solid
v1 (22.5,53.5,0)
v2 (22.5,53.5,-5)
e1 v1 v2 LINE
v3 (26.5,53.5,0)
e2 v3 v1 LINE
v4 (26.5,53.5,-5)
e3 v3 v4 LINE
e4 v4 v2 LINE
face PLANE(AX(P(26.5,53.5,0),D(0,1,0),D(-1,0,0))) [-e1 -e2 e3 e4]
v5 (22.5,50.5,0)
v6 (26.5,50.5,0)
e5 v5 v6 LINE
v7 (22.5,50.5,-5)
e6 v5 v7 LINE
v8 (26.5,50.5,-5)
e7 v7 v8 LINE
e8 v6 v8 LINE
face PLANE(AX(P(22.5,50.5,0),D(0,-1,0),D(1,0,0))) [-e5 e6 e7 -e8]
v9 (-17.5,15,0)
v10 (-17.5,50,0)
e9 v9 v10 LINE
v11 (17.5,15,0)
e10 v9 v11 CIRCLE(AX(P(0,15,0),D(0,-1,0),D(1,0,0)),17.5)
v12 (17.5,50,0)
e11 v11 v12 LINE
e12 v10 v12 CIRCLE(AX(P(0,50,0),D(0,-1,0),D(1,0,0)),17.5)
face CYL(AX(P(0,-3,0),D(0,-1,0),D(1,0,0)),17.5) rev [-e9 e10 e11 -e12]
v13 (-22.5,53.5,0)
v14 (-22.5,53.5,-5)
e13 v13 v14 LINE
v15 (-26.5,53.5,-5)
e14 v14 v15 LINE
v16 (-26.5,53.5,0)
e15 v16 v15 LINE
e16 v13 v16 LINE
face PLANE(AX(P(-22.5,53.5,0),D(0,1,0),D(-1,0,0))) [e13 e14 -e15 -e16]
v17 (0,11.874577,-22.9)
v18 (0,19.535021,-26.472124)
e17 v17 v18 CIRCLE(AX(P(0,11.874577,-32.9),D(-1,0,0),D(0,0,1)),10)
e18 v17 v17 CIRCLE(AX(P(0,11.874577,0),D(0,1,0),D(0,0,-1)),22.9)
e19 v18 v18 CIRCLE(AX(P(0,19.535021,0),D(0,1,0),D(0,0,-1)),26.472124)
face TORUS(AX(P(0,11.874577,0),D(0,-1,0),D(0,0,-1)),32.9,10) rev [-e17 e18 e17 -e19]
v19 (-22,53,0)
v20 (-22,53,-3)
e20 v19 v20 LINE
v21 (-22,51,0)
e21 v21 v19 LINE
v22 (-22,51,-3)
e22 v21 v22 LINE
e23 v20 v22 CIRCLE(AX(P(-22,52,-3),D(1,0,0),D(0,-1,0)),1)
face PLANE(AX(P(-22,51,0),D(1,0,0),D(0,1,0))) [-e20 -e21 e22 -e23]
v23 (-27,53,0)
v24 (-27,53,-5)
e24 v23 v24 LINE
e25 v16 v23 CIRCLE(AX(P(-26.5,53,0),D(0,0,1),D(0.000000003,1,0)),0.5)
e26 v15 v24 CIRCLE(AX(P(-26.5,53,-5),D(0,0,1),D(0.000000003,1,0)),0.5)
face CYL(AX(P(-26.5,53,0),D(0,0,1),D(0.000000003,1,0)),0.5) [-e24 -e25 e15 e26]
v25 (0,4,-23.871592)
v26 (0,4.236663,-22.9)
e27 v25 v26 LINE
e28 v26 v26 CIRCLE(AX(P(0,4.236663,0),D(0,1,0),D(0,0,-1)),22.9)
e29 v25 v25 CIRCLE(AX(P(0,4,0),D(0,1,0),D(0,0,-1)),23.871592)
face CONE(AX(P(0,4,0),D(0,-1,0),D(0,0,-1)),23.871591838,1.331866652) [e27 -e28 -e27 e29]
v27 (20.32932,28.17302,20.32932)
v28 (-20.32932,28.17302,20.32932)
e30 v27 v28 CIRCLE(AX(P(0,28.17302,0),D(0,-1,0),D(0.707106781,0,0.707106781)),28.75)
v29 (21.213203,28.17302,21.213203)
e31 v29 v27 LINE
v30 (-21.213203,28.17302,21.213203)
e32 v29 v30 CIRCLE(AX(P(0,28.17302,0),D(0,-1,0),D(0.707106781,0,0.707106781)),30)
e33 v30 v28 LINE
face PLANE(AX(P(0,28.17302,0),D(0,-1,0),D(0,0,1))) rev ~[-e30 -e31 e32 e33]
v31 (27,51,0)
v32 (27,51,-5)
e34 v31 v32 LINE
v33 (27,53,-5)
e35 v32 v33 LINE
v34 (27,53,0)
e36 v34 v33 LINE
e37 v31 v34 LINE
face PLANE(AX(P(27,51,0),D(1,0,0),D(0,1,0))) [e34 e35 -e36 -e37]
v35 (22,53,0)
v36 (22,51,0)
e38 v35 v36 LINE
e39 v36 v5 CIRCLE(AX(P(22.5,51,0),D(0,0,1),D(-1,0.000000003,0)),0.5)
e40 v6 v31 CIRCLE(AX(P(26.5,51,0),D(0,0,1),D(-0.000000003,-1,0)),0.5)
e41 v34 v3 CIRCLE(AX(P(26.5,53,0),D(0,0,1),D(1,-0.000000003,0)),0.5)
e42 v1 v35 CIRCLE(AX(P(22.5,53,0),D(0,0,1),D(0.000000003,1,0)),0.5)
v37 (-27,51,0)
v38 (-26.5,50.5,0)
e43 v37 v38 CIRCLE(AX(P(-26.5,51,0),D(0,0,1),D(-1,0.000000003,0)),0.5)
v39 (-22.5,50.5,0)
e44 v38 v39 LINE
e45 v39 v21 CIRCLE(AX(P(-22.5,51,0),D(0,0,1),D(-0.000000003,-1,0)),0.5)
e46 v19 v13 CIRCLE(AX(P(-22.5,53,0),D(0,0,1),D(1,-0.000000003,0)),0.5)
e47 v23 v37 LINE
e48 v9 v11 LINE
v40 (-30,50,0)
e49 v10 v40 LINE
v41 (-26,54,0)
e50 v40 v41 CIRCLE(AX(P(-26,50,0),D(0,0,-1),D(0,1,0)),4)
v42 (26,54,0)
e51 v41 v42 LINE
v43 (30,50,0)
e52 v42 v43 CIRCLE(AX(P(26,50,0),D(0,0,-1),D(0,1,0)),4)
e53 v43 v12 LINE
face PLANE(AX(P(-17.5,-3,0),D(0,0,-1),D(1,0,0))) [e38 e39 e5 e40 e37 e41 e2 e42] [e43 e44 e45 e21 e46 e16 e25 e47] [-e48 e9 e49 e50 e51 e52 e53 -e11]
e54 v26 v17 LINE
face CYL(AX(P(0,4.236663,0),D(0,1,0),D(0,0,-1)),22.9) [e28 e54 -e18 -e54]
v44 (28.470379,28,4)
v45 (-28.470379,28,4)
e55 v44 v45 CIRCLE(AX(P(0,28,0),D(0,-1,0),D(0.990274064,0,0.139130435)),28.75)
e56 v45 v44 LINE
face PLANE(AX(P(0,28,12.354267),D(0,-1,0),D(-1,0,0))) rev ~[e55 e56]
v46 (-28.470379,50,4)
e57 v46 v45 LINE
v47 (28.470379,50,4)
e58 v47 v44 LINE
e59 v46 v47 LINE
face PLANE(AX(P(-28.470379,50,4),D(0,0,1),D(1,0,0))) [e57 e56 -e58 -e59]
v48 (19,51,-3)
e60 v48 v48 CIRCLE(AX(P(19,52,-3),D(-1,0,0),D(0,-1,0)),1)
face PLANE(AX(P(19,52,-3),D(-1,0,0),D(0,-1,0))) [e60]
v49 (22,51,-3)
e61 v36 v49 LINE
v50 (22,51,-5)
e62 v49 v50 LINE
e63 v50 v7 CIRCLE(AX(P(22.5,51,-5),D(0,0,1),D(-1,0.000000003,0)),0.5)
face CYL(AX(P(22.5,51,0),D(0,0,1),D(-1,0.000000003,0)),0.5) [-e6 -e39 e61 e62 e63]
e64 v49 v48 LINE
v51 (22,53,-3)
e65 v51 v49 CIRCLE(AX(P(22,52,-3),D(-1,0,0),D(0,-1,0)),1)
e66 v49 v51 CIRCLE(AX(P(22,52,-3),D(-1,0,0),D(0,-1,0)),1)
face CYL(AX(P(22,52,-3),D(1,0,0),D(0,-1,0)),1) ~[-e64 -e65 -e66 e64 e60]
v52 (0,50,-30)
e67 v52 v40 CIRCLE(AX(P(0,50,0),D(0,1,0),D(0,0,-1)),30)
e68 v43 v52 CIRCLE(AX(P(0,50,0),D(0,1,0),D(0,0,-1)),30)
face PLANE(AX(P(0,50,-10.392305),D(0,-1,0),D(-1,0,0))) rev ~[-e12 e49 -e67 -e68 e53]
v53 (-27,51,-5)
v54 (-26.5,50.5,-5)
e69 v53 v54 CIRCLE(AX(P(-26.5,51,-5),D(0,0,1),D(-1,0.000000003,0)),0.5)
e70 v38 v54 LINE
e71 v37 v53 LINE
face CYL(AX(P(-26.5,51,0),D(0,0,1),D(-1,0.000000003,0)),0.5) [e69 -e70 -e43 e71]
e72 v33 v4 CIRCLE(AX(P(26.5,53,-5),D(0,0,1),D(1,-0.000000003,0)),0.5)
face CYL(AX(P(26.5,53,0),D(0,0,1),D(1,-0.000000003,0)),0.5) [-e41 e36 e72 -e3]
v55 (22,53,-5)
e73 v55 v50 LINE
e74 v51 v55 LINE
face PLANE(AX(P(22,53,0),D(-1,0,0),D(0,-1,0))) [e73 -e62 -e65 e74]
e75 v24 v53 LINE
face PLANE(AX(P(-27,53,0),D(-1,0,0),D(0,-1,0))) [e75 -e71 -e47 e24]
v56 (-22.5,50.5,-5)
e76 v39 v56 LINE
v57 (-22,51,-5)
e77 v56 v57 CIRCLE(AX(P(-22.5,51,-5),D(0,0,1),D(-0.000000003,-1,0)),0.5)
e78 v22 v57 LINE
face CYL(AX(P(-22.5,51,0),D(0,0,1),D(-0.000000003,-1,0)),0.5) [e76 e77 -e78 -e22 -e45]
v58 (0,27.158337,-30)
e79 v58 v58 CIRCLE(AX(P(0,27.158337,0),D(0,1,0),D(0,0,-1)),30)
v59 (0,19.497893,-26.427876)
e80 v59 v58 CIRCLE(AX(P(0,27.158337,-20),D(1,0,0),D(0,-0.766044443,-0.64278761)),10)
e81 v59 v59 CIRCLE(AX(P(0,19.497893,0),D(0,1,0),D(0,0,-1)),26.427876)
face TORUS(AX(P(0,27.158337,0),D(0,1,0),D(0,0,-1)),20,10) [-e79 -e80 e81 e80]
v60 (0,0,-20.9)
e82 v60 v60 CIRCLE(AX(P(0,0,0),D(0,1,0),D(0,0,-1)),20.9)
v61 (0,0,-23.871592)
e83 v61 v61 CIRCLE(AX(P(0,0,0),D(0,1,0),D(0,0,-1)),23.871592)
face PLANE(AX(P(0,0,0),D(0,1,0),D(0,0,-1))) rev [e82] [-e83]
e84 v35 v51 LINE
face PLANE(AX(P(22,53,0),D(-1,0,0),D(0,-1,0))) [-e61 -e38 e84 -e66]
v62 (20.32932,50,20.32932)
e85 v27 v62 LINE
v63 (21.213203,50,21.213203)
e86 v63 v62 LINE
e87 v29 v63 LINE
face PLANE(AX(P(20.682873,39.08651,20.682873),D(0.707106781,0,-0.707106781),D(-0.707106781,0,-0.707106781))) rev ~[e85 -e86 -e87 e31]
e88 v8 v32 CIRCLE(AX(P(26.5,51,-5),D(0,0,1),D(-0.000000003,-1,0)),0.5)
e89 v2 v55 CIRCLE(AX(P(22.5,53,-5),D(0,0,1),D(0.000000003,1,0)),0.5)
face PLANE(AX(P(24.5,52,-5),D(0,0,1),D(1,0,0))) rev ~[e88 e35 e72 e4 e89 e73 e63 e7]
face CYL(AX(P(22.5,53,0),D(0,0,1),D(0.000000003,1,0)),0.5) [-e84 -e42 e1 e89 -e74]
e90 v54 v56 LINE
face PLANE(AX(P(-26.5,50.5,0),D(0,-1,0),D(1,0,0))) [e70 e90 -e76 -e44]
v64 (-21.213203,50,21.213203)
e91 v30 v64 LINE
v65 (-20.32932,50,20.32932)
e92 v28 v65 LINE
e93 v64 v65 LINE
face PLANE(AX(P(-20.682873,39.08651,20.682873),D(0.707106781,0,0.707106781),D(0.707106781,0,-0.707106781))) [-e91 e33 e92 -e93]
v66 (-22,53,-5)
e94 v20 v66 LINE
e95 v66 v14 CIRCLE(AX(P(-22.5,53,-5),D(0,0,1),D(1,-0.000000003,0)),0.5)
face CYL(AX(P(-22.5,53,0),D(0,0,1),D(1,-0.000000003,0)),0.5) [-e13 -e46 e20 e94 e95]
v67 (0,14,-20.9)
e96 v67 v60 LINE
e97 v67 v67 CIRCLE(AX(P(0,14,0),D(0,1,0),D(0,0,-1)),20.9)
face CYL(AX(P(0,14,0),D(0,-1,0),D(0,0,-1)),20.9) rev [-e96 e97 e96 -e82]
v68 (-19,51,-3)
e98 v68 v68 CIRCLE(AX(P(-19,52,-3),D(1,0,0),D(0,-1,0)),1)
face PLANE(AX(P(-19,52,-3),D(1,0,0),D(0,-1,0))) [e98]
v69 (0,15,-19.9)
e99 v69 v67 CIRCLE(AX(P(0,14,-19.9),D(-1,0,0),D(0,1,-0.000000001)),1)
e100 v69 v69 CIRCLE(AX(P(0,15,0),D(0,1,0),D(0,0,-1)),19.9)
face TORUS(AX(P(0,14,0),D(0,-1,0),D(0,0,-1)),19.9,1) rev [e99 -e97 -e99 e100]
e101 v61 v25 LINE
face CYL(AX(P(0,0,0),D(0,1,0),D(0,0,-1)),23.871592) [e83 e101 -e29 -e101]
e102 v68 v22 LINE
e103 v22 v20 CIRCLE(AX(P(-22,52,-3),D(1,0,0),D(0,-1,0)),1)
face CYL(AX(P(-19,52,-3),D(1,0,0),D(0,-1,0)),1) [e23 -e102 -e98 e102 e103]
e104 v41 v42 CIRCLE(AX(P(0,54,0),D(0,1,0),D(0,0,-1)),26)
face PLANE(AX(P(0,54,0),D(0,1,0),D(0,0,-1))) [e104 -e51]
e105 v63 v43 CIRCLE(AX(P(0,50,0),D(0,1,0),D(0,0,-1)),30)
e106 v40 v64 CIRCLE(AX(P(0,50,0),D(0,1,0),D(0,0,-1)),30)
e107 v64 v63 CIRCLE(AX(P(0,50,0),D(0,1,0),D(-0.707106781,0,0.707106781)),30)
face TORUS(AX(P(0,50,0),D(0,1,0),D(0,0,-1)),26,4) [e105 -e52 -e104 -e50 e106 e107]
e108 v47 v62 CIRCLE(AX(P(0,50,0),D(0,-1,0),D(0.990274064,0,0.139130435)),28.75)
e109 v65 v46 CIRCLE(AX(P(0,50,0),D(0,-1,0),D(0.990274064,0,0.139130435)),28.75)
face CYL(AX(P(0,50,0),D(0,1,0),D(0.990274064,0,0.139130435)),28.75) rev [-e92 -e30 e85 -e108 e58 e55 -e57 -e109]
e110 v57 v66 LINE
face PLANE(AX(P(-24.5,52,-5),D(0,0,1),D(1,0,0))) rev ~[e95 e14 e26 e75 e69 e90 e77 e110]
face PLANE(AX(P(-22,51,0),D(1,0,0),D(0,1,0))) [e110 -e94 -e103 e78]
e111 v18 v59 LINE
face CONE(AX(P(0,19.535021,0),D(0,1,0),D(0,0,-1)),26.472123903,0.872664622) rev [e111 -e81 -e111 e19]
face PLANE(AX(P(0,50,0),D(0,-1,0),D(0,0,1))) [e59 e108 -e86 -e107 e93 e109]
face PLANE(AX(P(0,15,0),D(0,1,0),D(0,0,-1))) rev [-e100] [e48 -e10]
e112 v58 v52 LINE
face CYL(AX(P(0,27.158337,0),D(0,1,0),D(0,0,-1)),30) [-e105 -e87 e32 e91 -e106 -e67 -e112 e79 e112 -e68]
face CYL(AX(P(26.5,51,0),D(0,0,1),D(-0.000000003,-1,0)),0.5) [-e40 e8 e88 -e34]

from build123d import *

# Parameters (mm, degrees)
CUT_EXTRUDE3_DEPTH           = 45
CUT_EXTRUDE3_DEPTH_BACK      = 20
CUT_EXTRUDE5_START           = -5
CUT_EXTRUDE5_DEPTH           = 5
BOSS_EXTRUDE2_DEPTH          = 5
SKETCH14_R                   = 1
BOSS_EXTRUDE3_DEPTH          = 3
BOSS_EXTRUDE4_START          = 3
SKETCH15_R                   = 1
BOSS_EXTRUDE4_DEPTH          = 3
CUT_EXTRUDE6_DEPTH           = 22
SKETCH18_W                   = 1.5
SKETCH18_H                   = 21.826980301
CUT_REVOLVE1_ANGLE           = 45
CUT_REVOLVE1_OTHER_WAY_ANGLE = 45


with BuildPart() as part:
    # Sketch1 → Revolve1 (revolve)
    with BuildSketch(Plane.XY, mode=Mode.PRIVATE) as revolve1_sk:
        with BuildLine():
            Line((20.9, 0), (23.871591838, 0))
            Line((23.871591838, 0), (23.871591838, 4))
            Line((23.871591838, 4), (22.9, 4.236662843))
            Line((22.9, 4.236662843), (22.9, 11.874576818))
            ThreePointArc((22.9, 11.874576818), (23.83692213, 16.100759435), (26.472123903, 19.535021249))
            Line((26.472123903, 19.535021249), (26.427876097, 19.497892931))
            ThreePointArc((26.427876097, 19.497892931), (29.06307787, 22.932154745), (30, 27.158337362))
            Line((30, 27.158337362), (30, 50))
            ThreePointArc((30, 50), (28.828427125, 52.828427125), (26, 54))
            Line((26, 54), (0, 54))
            Line((0, 54), (0, 15))
            Line((0, 15), (19.9, 15))
            ThreePointArc((19.9, 15), (20.607106781, 14.707106781), (20.9, 14))
            Line((20.9, 14), (20.9, 0))
        make_face()
    revolve(revolve1_sk.sketch.rotate(Axis((0, 0, 0), (0, 1, 0)), 90), axis=Axis((0, 0, 0), (0, 1, 0)))

    # Sketch11 → Cut-Extrude3 (cut, two sides: drawn at the far end of the back side and taken through both)
    with BuildSketch(Plane(origin=(0, 17, 0), x_dir=(1, 0, 0), z_dir=(0, 1, 0)).offset(-CUT_EXTRUDE3_DEPTH_BACK)):
        with BuildLine():
            Line((-17.5, 0), (17.5, 0))
            ThreePointArc((17.5, 0), (0, 17.5), (-17.5, 0))
        make_face()
    extrude(amount=CUT_EXTRUDE3_DEPTH + CUT_EXTRUDE3_DEPTH_BACK, mode=Mode.SUBTRACT)

    # Sketch9 → Cut-Extrude5 (cut)
    with BuildSketch(Plane(origin=(0, 50, 0), x_dir=(-1, 0, 0), z_dir=(0, -1, 0)).offset(CUT_EXTRUDE5_START)):
        with BuildLine():
            Line((-30, 0), (30, 0))
            ThreePointArc((30, 0), (0, 30), (-30, 0))
        make_face()
    extrude(amount=CUT_EXTRUDE5_DEPTH, mode=Mode.SUBTRACT)

    # Sketch13 → Boss-Extrude2 (add)
    with BuildSketch(Plane(origin=(0, 0, 0), x_dir=(-1, 0, 0), z_dir=(0, 0, -1))):
        with BuildLine():
            Line((22.5, 53.5), (26.5, 53.5))
            ThreePointArc((26.5, 53.5), (26.853553391, 53.353553391), (27, 53))
            Line((27, 53), (27, 51))
            ThreePointArc((27, 51), (26.853553391, 50.646446609), (26.5, 50.5))
            Line((26.5, 50.5), (22.5, 50.5))
            ThreePointArc((22.5, 50.5), (22.146446609, 50.646446609), (22, 51))
            Line((22, 51), (22, 53))
            ThreePointArc((22, 53), (22.146446609, 53.353553391), (22.5, 53.5))
        make_face()
        with BuildLine():
            Line((-26.5, 53.5), (-22.5, 53.5))
            ThreePointArc((-22.5, 53.5), (-22.146446609, 53.353553391), (-22, 53))
            Line((-22, 53), (-22, 51))
            ThreePointArc((-22, 51), (-22.146446609, 50.646446609), (-22.5, 50.5))
            Line((-22.5, 50.5), (-26.5, 50.5))
            ThreePointArc((-26.5, 50.5), (-26.853553391, 50.646446609), (-27, 51))
            Line((-27, 51), (-27, 53))
            ThreePointArc((-27, 53), (-26.853553391, 53.353553391), (-26.5, 53.5))
        make_face()
    extrude(amount=BOSS_EXTRUDE2_DEPTH)

    # Sketch14 → Boss-Extrude3 (add)
    with BuildSketch(Plane.ZY.offset(-22)):
        with Locations(Location((-3, 52, 0), (0, 0, 270))):
            Circle(SKETCH14_R)
    extrude(amount=BOSS_EXTRUDE3_DEPTH)

    # Sketch15 → Boss-Extrude4 (add)
    with BuildSketch(Plane(origin=(-22, 0, 0), x_dir=(0, 0, -1), z_dir=(1, 0, 0)).offset(BOSS_EXTRUDE4_START)):
        with Locations(Location((3, 52, 0), (0, 0, 270))):
            Circle(SKETCH15_R)
    extrude(amount=-BOSS_EXTRUDE4_DEPTH)

    # Sketch16 → Cut-Extrude6 (cut)
    with BuildSketch(Plane(origin=(0, 50, 0), x_dir=(-1, 0, 0), z_dir=(0, -1, 0))):
        with BuildLine():
            Line((28.470379344, -4), (-28.470379344, -4))
            ThreePointArc((-28.470379344, -4), (0, -28.75), (28.470379344, -4))
        make_face()
    extrude(amount=CUT_EXTRUDE6_DEPTH, mode=Mode.SUBTRACT)

    # Sketch18 → Cut-Revolve1 (revolve, cut)
    with BuildSketch(Plane(origin=(0, 0, 0), x_dir=(0, 0, -1), z_dir=(1, 0, 0))):
        with Locations((-29.25, 39.08650985)):
            Rectangle(SKETCH18_W, SKETCH18_H)
    revolve(axis=Axis((0, 0, 0), (0, 1, 0)), revolution_arc=CUT_REVOLVE1_ANGLE, mode=Mode.SUBTRACT)

    # Sketch18 → Cut-Revolve1 other way (revolve, cut)
    with BuildSketch(Plane(origin=(0, 0, 0), x_dir=(0, 0, -1), z_dir=(1, 0, 0))):
        with Locations((-29.25, 39.08650985)):
            Rectangle(SKETCH18_W, SKETCH18_H)
    revolve(axis=Axis((0, 0, 0), (0, -1, 0)), revolution_arc=CUT_REVOLVE1_OTHER_WAY_ANGLE, mode=Mode.SUBTRACT)


solid = part.part
